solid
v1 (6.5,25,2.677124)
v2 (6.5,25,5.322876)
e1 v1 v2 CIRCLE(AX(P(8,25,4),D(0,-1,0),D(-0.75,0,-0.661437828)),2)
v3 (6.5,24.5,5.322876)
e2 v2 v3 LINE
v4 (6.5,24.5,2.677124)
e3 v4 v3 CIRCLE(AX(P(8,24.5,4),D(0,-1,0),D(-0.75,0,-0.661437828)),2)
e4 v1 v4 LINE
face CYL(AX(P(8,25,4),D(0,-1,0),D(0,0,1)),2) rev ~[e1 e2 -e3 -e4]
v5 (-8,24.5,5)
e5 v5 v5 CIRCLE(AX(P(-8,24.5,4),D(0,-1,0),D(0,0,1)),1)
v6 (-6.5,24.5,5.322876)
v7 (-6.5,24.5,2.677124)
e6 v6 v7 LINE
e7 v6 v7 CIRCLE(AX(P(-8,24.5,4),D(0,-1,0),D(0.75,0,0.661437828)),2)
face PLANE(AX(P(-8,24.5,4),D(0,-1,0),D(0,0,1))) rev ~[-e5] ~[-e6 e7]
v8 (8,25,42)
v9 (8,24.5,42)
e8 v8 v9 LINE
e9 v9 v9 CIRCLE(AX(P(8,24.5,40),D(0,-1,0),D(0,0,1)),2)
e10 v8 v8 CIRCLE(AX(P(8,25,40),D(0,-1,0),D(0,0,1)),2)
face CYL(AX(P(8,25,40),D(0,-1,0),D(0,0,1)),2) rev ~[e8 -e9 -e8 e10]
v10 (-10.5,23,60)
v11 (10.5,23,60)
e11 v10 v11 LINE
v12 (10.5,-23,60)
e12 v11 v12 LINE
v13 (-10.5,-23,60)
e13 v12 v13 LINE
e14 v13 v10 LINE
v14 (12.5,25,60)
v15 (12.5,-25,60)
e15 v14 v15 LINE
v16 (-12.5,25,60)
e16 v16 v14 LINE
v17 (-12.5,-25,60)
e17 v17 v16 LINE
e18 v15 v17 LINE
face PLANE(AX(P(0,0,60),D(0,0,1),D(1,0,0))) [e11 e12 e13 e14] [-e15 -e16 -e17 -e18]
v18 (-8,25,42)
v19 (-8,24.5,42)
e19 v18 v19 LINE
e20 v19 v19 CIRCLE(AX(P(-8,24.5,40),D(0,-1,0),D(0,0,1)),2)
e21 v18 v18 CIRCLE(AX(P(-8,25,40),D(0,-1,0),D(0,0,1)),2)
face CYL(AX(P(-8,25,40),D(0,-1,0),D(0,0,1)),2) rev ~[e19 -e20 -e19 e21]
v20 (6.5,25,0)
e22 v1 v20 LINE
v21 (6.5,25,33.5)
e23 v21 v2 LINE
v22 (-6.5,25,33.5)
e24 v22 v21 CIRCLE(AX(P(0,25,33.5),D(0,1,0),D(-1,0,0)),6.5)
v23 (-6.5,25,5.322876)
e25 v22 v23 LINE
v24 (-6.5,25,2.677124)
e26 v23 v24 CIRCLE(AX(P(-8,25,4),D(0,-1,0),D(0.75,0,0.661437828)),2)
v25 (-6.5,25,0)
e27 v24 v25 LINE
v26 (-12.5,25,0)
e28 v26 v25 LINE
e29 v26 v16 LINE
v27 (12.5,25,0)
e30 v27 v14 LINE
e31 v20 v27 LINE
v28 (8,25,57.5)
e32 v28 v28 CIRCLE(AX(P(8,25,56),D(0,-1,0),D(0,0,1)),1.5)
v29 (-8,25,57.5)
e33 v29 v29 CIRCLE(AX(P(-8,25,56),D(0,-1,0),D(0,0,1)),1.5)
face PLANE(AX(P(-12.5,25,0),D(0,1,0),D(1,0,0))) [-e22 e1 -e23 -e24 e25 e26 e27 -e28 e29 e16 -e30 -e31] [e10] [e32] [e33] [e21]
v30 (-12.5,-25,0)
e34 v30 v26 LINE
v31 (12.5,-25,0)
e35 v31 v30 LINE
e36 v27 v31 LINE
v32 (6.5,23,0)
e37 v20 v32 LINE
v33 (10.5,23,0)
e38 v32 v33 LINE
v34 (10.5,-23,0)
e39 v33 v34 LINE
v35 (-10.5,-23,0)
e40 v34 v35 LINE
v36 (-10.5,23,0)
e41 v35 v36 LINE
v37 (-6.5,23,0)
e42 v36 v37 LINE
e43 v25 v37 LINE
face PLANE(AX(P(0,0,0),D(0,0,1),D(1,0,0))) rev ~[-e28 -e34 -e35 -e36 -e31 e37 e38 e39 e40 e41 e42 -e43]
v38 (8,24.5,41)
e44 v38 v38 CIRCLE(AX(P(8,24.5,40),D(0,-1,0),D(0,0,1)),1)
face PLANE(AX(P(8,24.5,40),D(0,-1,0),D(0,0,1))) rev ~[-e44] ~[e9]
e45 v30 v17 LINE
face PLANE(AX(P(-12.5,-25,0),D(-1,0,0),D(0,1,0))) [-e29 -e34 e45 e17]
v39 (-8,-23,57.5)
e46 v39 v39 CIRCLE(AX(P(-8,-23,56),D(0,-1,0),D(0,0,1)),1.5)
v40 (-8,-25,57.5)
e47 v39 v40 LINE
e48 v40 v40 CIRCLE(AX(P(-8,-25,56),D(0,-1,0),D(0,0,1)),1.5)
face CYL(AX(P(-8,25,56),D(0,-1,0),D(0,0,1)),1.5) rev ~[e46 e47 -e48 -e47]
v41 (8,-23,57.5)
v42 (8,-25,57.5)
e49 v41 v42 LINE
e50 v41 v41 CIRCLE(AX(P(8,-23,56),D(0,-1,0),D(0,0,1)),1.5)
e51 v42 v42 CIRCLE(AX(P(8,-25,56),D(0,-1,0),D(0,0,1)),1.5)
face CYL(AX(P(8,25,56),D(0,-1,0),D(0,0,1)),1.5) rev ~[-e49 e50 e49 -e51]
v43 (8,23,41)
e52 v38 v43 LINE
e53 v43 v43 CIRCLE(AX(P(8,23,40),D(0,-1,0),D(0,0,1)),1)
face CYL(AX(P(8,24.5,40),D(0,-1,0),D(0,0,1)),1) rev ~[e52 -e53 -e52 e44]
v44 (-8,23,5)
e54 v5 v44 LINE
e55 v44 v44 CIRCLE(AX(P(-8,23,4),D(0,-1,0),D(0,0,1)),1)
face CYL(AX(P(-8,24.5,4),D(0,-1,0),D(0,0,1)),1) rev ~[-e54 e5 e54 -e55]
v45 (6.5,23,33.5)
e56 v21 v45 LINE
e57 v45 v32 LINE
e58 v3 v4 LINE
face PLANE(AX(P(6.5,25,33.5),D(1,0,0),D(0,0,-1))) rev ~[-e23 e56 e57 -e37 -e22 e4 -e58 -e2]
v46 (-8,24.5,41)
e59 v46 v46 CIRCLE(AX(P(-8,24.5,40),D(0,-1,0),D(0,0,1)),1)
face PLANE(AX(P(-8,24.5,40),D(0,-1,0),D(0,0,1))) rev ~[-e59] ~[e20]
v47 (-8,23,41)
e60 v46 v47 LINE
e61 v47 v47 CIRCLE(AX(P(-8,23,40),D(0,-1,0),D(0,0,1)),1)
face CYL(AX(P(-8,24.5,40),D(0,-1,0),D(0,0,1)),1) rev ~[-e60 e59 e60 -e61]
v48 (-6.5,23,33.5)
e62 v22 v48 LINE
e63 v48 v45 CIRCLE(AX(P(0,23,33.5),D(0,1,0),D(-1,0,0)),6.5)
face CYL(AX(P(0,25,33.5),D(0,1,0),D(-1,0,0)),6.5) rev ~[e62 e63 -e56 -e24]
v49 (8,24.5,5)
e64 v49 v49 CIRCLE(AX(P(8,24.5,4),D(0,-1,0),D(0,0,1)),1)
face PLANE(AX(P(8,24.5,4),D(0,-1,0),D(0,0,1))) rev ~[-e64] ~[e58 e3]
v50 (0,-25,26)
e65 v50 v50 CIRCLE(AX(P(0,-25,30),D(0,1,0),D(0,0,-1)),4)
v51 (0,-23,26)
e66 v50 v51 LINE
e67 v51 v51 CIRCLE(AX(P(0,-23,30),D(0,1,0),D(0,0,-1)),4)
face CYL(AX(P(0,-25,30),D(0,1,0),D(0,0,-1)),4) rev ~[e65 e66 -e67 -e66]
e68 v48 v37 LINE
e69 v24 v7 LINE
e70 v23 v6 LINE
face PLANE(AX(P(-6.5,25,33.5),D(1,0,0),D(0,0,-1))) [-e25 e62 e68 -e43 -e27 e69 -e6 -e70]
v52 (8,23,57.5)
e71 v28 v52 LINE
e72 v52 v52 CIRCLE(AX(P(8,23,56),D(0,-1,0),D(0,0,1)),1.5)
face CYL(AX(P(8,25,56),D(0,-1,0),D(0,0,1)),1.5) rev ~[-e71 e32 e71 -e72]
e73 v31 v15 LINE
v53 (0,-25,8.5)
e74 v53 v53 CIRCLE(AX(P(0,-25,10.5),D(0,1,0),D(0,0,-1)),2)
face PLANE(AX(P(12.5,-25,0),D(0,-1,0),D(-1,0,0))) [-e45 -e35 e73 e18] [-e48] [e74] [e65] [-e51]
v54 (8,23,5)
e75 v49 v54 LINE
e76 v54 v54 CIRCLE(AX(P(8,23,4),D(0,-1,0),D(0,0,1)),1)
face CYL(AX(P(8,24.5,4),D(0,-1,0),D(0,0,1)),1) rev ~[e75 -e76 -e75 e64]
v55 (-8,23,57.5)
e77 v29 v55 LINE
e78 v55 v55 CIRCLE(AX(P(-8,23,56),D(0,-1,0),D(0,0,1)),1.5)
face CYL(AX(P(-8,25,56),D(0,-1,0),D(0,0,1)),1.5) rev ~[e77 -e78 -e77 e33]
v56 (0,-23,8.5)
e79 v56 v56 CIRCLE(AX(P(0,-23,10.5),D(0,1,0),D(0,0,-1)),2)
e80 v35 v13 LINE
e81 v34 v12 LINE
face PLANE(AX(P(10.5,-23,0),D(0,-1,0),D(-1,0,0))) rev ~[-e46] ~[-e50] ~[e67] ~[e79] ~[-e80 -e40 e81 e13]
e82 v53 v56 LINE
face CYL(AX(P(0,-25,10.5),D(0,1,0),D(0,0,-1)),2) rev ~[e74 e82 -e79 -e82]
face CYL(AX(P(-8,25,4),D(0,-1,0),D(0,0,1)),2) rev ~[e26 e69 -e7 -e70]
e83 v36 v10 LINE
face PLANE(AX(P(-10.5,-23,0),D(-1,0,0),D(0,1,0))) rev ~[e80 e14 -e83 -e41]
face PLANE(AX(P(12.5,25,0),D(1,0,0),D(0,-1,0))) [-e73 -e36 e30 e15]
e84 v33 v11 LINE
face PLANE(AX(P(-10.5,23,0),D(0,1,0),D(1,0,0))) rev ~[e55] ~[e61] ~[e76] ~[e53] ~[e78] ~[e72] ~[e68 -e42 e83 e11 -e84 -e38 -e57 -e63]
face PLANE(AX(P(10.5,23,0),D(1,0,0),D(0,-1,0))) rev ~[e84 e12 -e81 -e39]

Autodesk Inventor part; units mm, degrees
ref_plane "YZ Plane" through (0, 0, 0) normal (1, 0, 0) x (0, 1, 0)
ref_plane "XZ Plane" through (0, 0, 0) normal (0, 1, 0) x (-1, 0, 0)
ref_plane "XY Plane" through (0, 0, 0) normal (0, 0, 1) x (1, 0, 0)
sketch "スケッチ1" plane through (0, 0, 0) normal (0, 0, 1) x (1, 0, 0)
  line L0 (-12.5, 25) -> (12.5, 25)
  line L1 (12.5, 25) -> (12.5, -25)
  line L2 (12.5, -25) -> (-12.5, -25)
  line L3 (-12.5, -25) -> (-12.5, 25)
  line L4 (-10.5, 23) -> (10.5, 23)
  line L5 (10.5, 23) -> (10.5, -23)
  line L6 (10.5, -23) -> (-10.5, -23)
  line L7 (-10.5, -23) -> (-10.5, 23)
  point P0 (0, 0)
  dimension "d0" = 25
  dimension "d1" = 50
  dimension "d2" = 46
  dimension "d3" = 21
  dimension "d4" = 25
  dimension "d5" = 23
  dimension "d6" = 10.5
  dimension "d7" = 12.5
extrude "押し出し1" add sketch "スケッチ1" along normal blind 60
sketch "スケッチ2" plane through (-12.5, 25, 0) normal (0, 1, 0) x (1, 0, 0)
  line L0 (0, 0) -> (25, 0) projected
  line L1 (0, 0) -> (0, -60) projected
  arc A0 (6, -33.5) -> (19, -33.5) centre (12.5, -33.5) ccw
  line L2 (6, -33.5) -> (6, 0)
  line L3 (19, -33.5) -> (19, 0)
  point P0 (12.5, 0)
  dimension "d10" = 13
  dimension "d11" = 33.5
  dimension "d12" = 12.5
extrude "押し出し2" cut sketch "スケッチ2" against normal blind 2
sketch "スケッチ3" plane through (-12.5, 25, 60) normal (0, 1, 0) x (1, 0, 0)
  arc A0 (6, 26.5) -> (19, 26.5) centre (12.5, 26.5) ccw projected
  circle A1 centre (4.5, 20) radius 1
  circle A2 centre (4.5, 56) radius 1
  circle A3 centre (20.5, 56) radius 1
  circle A4 centre (20.5, 20) radius 1
  point P0 (12.5, 60)
  dimension "d15" = 6.5
  dimension "d16" = 6.5
  dimension "d17" = 2
  dimension "d18" = 8
  dimension "d19" = 8
  dimension "d20" = 8
  dimension "d21" = 8
  dimension "d22" = 29.5
  dimension "d23" = 29.5
hole "穴1" at (-8, 25, 4) at (8, 25, 4) at (8, 25, 40) at (-8, 25, 40) direction (0, -1, 0) diameter 2 depth 2 tip angle 118 counterbore diameter 4 counterbore depth 0.5
sketch "スケッチ4" plane through (-12.5, -25, 0) normal (0, -1, 0) x (1, 0, 0)
  line L0 (25, 0) -> (0, 0) projected
  line L1 (25, 0) -> (25, 60) projected
  circle A0 centre (12.5, 10.5) radius 2
  point P0 (12.5, 0)
  dimension "d31" = 4
  dimension "d32" = 12.5
  dimension "d33" = 10.5
hole "穴2" at (0, -25, 10.5) direction (0, 1, 0) diameter 4 end through all
sketch "スケッチ5" plane through (-12.5, 25, 60) normal (0, 1, 0) x (1, 0, 0)
  line L0 (0, 0) -> (25, 0) projected
  arc A0 (6, 26.5) -> (19, 26.5) centre (12.5, 26.5) ccw projected
  circle A1 centre (20.5, 4) radius 1.5
  circle A2 centre (4.5, 4) radius 1.5
  point P0 (12.5, 60)
  dimension "d43" = 4
  dimension "d44" = 4
  dimension "d46" = 8
  dimension "d47" = 8
  dimension "d57" = 3
hole "穴4" at (-8, 25, 56) at (8, 25, 56) direction (0, -1, 0) diameter 3 end through all
thread "ねじ1" size "M3x0.5" class "6H" standard "ANSI Metric M Profile" full length
thread "ねじ2" size "M3x0.5" class "6H" standard "ANSI Metric M Profile" full length
thread "ねじ3" size "M3x0.5" class "6H" standard "ANSI Metric M Profile" full length
thread "ねじ4" size "M3x0.5" class "6H" standard "ANSI Metric M Profile" full length
sketch "スケッチ7" plane through (-12.5, -25, 0) normal (0, -1, 0) x (1, 0, 0)
  line L0 (25, 60) -> (0, 60) projected
  line L1 (25, 0) -> (25, 60) projected
  circle A0 centre (12.5, 30) radius 4
  point P0 (12.5, 0)
  dimension "d78" = 30
  dimension "d79" = 8
  dimension "d80" = 12.5
hole "穴5" at (0, -25, 30) direction (0, 1, 0) diameter 8 end through all
properties part number "07" material "アルミニウム 6061"
